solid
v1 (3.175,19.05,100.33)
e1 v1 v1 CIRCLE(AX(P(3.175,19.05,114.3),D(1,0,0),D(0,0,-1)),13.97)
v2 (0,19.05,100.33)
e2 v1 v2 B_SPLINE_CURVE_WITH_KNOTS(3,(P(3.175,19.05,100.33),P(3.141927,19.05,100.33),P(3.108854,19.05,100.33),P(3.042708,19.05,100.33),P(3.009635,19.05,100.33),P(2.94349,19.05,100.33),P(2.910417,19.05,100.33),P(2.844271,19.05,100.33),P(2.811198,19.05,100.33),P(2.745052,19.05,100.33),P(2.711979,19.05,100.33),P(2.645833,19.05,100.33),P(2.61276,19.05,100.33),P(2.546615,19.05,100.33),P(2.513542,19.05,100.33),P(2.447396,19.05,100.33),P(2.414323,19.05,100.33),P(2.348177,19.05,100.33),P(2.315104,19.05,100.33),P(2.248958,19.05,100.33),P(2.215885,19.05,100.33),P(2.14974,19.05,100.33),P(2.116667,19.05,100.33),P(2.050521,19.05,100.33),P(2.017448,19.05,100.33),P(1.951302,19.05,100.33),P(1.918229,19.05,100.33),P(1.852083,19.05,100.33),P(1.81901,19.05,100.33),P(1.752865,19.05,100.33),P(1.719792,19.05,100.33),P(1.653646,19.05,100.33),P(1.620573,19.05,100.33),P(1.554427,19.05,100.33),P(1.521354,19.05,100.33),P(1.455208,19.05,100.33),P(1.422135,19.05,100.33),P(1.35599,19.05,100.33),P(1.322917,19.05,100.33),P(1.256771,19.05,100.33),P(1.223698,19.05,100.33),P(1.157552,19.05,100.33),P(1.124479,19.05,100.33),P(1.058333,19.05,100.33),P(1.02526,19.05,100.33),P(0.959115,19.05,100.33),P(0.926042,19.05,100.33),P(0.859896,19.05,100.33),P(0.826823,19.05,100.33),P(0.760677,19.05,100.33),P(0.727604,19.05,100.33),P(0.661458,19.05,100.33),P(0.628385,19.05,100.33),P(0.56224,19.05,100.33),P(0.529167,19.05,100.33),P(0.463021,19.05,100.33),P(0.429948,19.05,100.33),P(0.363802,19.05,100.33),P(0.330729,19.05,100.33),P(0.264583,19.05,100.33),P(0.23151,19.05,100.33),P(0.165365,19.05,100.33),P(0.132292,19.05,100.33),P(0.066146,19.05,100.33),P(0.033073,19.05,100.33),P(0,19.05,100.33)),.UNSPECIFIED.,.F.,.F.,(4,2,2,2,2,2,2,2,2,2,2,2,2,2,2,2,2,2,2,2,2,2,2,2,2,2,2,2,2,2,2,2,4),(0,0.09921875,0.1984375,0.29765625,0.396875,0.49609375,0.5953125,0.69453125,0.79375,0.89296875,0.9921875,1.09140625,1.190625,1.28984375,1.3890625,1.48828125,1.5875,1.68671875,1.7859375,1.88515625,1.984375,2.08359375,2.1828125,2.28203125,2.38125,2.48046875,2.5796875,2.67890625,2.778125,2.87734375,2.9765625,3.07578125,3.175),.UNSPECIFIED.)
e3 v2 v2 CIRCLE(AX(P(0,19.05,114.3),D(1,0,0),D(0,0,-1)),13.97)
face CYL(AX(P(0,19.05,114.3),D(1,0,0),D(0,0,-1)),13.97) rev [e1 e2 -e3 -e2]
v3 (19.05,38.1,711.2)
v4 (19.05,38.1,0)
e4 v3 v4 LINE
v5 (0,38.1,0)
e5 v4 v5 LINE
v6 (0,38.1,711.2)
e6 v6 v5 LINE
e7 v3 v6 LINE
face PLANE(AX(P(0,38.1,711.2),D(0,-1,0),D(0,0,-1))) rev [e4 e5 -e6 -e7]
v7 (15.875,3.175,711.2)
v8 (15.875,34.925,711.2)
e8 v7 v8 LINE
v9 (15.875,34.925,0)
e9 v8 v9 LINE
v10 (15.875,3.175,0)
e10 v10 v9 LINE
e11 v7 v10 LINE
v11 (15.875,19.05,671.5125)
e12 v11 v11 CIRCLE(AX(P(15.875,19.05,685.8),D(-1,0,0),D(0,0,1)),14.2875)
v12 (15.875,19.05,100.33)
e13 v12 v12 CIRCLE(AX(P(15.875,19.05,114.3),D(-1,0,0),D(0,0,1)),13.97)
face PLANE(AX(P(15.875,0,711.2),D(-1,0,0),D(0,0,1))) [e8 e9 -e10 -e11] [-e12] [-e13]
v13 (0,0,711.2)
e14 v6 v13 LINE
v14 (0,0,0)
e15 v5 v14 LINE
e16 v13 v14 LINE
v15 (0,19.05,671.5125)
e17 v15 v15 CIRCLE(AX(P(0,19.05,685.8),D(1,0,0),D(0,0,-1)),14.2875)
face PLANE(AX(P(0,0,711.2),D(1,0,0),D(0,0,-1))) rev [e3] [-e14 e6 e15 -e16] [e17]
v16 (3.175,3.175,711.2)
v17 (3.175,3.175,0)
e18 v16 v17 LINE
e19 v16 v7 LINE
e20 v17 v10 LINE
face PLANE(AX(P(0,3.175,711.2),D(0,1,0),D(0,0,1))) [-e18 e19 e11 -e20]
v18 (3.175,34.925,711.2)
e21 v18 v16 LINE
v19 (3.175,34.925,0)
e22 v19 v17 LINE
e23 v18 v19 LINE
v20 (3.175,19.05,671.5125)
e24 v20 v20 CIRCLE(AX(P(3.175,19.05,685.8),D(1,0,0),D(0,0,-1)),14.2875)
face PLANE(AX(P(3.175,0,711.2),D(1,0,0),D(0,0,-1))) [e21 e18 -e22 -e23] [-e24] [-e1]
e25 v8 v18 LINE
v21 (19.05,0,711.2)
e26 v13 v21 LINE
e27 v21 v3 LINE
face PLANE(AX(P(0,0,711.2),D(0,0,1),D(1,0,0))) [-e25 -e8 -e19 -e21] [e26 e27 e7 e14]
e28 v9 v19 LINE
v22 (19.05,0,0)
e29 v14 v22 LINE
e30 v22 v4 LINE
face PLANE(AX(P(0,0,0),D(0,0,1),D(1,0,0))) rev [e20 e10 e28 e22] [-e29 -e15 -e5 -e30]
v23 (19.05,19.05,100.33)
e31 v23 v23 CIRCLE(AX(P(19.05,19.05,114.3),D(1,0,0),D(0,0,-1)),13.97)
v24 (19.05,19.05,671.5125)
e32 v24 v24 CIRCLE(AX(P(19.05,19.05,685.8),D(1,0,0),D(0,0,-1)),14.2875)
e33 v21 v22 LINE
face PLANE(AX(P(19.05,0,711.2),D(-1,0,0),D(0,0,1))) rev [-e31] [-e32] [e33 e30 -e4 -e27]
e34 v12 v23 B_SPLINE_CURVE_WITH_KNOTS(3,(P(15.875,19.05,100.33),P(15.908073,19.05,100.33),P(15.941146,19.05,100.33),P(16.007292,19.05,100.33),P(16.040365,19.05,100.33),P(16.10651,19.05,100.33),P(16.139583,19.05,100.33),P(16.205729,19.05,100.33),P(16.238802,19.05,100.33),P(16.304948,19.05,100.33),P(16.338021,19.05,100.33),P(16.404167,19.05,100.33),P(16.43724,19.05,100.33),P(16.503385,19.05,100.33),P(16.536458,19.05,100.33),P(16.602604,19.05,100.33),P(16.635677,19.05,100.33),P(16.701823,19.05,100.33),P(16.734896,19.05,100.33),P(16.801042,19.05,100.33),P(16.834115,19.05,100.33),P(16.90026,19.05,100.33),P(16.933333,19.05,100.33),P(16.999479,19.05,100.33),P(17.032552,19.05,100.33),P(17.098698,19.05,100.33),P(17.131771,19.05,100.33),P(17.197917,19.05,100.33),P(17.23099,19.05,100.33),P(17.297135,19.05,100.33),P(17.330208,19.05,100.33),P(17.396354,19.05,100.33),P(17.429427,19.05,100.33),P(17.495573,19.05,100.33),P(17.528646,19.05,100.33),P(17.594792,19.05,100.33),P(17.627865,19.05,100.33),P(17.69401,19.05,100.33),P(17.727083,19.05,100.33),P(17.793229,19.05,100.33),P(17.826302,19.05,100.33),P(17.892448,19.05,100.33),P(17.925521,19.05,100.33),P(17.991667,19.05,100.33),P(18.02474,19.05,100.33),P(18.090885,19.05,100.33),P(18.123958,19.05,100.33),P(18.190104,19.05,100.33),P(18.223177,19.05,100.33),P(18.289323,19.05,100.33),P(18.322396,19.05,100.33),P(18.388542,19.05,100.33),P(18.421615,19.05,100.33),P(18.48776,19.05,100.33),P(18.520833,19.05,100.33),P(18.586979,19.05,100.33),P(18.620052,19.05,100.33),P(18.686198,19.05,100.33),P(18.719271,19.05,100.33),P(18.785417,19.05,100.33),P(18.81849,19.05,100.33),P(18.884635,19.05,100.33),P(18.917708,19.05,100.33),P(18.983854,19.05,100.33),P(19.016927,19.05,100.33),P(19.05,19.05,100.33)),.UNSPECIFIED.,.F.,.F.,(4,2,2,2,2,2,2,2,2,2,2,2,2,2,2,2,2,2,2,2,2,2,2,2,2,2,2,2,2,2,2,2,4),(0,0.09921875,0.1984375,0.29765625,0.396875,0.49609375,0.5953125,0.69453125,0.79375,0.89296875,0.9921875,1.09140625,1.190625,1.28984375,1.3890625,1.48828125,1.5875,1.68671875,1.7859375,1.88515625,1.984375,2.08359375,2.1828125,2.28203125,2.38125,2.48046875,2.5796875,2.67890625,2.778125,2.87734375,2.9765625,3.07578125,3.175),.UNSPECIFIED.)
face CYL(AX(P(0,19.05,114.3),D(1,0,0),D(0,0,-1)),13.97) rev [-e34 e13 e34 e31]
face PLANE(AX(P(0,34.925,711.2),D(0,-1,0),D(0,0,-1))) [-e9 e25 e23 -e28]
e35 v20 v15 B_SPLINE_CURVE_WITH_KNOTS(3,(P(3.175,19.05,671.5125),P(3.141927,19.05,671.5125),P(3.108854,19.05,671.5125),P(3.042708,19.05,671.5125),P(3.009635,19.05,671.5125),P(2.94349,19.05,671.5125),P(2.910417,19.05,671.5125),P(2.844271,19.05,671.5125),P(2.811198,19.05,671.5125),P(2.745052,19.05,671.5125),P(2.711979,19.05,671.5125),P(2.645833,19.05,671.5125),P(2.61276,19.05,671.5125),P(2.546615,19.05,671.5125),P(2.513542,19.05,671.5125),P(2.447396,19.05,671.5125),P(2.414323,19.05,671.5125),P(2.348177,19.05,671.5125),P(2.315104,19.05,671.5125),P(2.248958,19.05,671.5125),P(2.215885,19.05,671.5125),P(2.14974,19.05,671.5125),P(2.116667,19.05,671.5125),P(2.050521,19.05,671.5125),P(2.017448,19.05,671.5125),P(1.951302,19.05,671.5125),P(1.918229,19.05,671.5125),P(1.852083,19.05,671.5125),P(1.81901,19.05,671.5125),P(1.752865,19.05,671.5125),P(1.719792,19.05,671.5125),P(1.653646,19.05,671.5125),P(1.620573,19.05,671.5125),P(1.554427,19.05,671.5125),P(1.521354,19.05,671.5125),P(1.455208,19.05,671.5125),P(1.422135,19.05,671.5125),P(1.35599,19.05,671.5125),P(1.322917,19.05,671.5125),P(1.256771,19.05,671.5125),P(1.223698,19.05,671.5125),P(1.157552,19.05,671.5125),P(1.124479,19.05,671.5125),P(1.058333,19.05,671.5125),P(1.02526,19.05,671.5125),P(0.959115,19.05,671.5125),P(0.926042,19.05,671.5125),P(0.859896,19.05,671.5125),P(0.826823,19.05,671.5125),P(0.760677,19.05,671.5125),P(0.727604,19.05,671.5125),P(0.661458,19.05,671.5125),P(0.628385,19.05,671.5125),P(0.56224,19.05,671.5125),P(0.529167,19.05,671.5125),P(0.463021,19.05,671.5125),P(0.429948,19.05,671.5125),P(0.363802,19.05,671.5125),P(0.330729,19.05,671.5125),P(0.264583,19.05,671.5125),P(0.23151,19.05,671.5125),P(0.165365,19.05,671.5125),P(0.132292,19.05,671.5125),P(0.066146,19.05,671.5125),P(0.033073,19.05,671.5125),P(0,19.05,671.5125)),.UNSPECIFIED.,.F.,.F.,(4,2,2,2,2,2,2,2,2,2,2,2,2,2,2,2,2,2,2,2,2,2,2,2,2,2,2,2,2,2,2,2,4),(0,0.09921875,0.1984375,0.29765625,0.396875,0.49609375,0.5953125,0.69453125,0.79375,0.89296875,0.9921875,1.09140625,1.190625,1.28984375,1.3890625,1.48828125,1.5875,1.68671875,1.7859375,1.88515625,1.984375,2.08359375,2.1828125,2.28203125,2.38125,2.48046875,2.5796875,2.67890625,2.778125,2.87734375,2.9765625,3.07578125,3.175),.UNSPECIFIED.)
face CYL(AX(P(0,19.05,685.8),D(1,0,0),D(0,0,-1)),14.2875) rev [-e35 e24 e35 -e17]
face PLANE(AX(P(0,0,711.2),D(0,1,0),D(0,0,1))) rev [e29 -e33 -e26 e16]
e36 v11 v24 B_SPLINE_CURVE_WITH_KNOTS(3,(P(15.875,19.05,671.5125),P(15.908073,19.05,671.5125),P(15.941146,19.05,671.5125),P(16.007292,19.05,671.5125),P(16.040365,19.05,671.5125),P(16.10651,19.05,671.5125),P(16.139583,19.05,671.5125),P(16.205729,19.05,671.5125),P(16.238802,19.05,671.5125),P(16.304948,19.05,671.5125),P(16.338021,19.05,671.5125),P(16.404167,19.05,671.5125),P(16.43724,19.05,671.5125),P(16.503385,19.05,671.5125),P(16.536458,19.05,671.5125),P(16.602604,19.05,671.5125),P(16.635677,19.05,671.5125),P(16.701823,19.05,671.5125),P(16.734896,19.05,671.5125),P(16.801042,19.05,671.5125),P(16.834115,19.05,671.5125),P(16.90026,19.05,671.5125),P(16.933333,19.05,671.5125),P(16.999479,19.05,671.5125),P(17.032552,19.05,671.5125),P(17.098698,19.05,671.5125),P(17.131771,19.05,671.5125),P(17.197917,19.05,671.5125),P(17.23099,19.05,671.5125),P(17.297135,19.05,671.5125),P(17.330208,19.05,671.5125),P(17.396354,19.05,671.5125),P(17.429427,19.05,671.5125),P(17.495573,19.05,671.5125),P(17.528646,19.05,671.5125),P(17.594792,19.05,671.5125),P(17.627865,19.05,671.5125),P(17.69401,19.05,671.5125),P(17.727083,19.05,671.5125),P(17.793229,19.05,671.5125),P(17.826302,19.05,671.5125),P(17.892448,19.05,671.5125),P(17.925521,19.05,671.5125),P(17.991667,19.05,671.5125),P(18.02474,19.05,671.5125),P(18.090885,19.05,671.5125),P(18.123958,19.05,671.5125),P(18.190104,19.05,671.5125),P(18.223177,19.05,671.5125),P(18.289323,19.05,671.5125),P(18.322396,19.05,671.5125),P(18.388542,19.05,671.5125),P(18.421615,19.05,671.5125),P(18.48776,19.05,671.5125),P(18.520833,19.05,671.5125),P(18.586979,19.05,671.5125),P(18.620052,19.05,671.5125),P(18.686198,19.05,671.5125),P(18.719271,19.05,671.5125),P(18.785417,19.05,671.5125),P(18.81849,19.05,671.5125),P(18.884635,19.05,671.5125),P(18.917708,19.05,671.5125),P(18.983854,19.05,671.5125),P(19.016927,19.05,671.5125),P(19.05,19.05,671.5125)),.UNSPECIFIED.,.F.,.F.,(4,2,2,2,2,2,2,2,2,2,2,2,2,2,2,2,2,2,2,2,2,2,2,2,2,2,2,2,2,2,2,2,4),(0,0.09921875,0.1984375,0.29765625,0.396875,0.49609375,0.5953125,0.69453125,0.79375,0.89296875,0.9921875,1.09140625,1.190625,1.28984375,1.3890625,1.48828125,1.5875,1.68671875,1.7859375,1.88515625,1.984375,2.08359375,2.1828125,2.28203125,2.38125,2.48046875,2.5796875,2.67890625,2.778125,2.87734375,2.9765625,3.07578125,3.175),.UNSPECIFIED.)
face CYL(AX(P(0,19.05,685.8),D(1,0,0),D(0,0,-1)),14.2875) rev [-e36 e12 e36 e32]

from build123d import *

# Parameters (mm, degrees)
SKETCH1_W           = 19.05
SKETCH1_H           = 38.1
SKETCH1_W_2         = 12.7
SKETCH1_H_2         = 31.75
EXTRUDE_THIN1_DEPTH = 711.2
SKETCH3_R           = 13.97
CUT_EXTRUDE2_DEPTH  = 713.474527615
SKETCH4_R           = 14.2875
CUT_EXTRUDE3_DEPTH  = 713.474527615


with BuildPart() as part:
    # Sketch1 → Extrude-Thin1 (new body)
    with BuildSketch(Plane.XY):
        with Locations((9.525, 19.05)):
            Rectangle(SKETCH1_W, SKETCH1_H)
        with Locations((9.525, 19.05)):
            Rectangle(SKETCH1_W_2, SKETCH1_H_2, mode=Mode.SUBTRACT)
    extrude(amount=EXTRUDE_THIN1_DEPTH)

    # Sketch3 → Cut-Extrude2 (cut, through all)
    with BuildSketch(Plane(origin=(19.05, 0, 0), x_dir=(0, 0, -1), z_dir=(1, 0, 0))):
        with Locations((-114.3, 19.05)):
            Circle(SKETCH3_R)
    extrude(amount=-CUT_EXTRUDE2_DEPTH, mode=Mode.SUBTRACT)

    # Sketch4 → Cut-Extrude3 (cut, through all)
    with BuildSketch(Plane(origin=(19.05, 0, 0), x_dir=(0, 0, -1), z_dir=(1, 0, 0))):
        with Locations((-685.8, 19.05)):
            Circle(SKETCH4_R)
    extrude(amount=-CUT_EXTRUDE3_DEPTH, mode=Mode.SUBTRACT)


solid = part.part
